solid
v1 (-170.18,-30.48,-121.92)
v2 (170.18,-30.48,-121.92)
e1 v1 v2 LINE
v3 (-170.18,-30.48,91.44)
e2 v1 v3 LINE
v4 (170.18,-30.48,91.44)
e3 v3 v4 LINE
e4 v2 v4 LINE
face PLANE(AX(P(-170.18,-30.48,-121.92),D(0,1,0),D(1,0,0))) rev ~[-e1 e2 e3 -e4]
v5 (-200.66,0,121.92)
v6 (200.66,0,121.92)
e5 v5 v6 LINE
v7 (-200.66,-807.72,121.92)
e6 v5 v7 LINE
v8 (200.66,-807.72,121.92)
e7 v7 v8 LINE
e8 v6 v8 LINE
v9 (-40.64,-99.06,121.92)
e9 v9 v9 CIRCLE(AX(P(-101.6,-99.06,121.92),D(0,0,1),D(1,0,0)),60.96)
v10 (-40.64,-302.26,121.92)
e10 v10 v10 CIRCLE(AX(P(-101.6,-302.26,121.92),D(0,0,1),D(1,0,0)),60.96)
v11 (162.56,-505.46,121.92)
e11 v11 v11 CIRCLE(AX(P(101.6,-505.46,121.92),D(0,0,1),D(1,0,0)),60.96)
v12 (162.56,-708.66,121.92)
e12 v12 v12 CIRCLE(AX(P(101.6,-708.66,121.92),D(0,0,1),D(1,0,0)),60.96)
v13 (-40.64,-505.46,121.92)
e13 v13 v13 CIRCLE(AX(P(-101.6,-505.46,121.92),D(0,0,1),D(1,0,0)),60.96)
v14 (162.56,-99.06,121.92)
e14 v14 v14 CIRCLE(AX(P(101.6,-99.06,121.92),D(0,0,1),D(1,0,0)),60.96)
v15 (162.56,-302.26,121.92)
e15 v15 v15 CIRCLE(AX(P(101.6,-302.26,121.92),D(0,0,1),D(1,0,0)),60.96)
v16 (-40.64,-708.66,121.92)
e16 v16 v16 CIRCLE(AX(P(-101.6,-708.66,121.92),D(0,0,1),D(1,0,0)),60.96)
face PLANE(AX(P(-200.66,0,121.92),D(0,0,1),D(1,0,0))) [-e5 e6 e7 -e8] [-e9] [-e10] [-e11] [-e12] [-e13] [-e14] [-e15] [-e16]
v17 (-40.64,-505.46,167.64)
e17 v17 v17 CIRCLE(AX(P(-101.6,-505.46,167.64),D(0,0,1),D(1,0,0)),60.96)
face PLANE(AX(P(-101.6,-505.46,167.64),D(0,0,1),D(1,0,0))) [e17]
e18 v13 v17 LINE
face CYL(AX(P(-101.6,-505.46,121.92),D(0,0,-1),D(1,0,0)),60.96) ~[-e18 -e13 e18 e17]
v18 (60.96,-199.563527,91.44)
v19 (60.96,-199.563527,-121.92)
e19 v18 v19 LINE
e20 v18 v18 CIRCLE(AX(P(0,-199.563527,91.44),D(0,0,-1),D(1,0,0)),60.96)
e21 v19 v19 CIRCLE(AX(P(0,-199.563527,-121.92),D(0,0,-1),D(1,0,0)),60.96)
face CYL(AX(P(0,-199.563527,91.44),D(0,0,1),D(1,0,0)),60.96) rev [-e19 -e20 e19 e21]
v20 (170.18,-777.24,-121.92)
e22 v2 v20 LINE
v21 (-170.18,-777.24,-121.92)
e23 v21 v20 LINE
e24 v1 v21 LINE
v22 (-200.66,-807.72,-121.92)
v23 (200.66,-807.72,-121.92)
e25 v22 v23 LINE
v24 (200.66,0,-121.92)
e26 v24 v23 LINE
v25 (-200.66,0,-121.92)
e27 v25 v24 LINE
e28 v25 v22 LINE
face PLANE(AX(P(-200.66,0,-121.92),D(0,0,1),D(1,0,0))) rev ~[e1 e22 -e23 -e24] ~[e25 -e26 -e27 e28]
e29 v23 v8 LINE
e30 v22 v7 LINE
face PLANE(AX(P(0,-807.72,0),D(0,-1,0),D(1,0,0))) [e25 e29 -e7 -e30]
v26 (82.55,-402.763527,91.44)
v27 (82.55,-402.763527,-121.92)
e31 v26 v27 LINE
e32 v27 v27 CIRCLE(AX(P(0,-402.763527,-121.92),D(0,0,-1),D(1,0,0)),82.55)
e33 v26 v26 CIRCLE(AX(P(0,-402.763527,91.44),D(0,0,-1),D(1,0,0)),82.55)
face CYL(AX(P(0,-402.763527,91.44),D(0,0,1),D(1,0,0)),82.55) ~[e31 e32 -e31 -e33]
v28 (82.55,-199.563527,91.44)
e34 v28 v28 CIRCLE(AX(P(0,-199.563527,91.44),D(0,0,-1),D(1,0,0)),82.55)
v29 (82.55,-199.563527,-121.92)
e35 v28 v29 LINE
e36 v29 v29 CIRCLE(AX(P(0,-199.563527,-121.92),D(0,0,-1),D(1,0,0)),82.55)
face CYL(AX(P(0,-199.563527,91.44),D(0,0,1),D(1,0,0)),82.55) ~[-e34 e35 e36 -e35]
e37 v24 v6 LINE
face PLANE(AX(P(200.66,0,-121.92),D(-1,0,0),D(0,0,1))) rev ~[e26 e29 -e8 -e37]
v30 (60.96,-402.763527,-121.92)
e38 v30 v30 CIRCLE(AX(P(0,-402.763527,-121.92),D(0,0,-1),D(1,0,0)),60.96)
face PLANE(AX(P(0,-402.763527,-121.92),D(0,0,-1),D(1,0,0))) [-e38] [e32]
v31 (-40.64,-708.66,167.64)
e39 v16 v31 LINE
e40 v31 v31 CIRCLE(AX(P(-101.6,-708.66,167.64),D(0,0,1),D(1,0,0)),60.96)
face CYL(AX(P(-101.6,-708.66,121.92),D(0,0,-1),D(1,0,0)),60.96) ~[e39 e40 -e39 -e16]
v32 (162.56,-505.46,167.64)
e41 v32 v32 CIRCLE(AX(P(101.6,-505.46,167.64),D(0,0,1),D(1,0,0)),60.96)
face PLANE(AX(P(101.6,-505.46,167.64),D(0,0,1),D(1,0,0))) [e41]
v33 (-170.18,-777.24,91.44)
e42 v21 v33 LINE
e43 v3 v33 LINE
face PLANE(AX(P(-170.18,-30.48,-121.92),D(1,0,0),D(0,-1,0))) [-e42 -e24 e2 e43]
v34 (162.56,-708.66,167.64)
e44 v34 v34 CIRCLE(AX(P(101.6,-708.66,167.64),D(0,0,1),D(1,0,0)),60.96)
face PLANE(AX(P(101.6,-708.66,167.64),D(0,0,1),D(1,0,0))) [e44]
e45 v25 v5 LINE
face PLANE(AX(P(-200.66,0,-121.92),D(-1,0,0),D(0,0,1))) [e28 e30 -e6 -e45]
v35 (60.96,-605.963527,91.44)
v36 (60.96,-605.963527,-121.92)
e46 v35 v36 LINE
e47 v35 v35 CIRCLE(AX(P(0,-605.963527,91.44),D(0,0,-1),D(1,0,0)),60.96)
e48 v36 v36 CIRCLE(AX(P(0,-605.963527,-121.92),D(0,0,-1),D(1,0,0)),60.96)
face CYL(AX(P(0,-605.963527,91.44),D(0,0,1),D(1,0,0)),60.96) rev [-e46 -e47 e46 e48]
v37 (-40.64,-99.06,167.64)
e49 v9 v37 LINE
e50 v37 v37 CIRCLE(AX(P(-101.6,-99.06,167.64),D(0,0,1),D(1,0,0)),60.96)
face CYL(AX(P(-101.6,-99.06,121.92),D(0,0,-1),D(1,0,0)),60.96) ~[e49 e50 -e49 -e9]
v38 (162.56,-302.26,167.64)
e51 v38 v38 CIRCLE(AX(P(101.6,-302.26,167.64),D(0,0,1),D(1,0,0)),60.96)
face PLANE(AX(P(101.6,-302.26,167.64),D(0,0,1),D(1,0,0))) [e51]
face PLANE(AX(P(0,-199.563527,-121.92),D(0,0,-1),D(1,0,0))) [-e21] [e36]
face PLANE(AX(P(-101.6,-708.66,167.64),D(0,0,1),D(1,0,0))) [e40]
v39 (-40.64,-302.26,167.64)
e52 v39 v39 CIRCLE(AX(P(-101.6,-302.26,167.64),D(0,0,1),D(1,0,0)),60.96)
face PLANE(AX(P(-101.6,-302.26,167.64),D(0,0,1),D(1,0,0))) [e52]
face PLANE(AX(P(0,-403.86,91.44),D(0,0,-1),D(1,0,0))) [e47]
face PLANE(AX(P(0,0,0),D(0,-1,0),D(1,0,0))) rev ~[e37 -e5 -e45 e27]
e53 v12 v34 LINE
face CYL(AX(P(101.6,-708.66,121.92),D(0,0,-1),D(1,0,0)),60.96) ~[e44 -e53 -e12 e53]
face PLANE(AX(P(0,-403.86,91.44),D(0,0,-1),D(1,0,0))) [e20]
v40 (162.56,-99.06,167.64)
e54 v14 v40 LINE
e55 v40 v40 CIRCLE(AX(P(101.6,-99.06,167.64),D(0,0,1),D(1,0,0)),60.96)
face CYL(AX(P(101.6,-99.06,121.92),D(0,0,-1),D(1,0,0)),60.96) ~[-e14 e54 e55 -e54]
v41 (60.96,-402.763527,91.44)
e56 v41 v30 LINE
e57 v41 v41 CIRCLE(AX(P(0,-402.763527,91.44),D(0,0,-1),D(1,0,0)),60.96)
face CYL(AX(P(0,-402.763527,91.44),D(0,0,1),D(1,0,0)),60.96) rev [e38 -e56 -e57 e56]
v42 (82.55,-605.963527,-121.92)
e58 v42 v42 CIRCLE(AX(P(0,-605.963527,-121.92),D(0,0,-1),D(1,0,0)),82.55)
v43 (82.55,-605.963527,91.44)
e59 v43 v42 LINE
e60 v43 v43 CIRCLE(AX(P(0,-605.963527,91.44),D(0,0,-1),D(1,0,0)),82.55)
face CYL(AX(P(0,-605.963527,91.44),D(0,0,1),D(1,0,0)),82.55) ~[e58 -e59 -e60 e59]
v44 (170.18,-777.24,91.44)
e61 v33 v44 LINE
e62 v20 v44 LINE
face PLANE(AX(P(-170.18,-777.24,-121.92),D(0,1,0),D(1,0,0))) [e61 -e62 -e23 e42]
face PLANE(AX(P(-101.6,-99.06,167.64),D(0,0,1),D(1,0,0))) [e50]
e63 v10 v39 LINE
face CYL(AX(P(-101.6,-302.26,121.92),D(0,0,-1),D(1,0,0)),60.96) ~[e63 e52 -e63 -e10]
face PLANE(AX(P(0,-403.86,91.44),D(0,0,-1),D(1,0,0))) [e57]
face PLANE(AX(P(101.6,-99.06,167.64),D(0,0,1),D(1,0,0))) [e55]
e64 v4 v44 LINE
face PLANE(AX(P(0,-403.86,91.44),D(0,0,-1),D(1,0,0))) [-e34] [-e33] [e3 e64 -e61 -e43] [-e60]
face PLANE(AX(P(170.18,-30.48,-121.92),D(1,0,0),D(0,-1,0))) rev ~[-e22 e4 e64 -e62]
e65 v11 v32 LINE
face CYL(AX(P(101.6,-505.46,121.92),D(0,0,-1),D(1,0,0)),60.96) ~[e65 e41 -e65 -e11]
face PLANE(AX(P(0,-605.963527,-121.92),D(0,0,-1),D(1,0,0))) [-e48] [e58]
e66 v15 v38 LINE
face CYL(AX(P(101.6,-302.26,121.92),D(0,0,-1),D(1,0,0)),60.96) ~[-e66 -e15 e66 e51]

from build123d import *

# Parameters (mm, degrees)
F0_W     = 401.32
F0_H     = 243.84
F1_DEPTH = 807.72
F2_R     = 60.96
F3_DEPTH = 45.72
F4_W     = 340.36
F4_H     = 746.76
F5_DEPTH = 213.36
F6_R     = 82.55
F6_R_2   = 60.96
F7_DEPTH = 213.36


with BuildPart() as f1:
    # F0 (on Front) → F1 (new body)
    with BuildSketch(Plane.XZ):
        Rectangle(F0_W, F0_H)
    extrude(amount=F1_DEPTH)

    # F2 (on face) → F3 (join)
    with BuildSketch(Plane.XY.offset(121.92)):
        with Locations((-101.6, -708.66)):
            Circle(F2_R)
        with Locations((-101.6, -505.46)):
            Circle(F2_R)
        with Locations((-101.6, -302.26)):
            Circle(F2_R)
        with Locations((-101.6, -99.06)):
            Circle(F2_R)
        with Locations((101.6, -708.66)):
            Circle(F2_R)
        with Locations((101.6, -505.46)):
            Circle(F2_R)
        with Locations((101.6, -302.26)):
            Circle(F2_R)
        with Locations((101.6, -99.06)):
            Circle(F2_R)
    extrude(amount=F3_DEPTH)

    # F4 (on face) → F5 (cut)
    with BuildSketch(Plane(origin=(0, 0, -121.92), x_dir=(1, 0, 0), z_dir=(0, 0, -1))):
        with Locations((0, 403.86)):
            Rectangle(F4_W, F4_H)
    extrude(amount=-F5_DEPTH, mode=Mode.SUBTRACT)

    # F6 (on face) → F7 (join)
    with BuildSketch(Plane(origin=(0, 0, 91.44), x_dir=(1, 0, 0), z_dir=(0, 0, -1))):
        with Locations((0, 605.963527)):
            Circle(F6_R)
        with Locations((0, 605.963527)):
            Circle(F6_R_2, mode=Mode.SUBTRACT)
        with Locations((0, 402.763527)):
            Circle(F6_R)
        with Locations((0, 402.763527)):
            Circle(F6_R_2, mode=Mode.SUBTRACT)
        with Locations((0, 199.563527)):
            Circle(F6_R)
        with Locations((0, 199.563527)):
            Circle(F6_R_2, mode=Mode.SUBTRACT)
    extrude(amount=F7_DEPTH)


solid = f1.part
